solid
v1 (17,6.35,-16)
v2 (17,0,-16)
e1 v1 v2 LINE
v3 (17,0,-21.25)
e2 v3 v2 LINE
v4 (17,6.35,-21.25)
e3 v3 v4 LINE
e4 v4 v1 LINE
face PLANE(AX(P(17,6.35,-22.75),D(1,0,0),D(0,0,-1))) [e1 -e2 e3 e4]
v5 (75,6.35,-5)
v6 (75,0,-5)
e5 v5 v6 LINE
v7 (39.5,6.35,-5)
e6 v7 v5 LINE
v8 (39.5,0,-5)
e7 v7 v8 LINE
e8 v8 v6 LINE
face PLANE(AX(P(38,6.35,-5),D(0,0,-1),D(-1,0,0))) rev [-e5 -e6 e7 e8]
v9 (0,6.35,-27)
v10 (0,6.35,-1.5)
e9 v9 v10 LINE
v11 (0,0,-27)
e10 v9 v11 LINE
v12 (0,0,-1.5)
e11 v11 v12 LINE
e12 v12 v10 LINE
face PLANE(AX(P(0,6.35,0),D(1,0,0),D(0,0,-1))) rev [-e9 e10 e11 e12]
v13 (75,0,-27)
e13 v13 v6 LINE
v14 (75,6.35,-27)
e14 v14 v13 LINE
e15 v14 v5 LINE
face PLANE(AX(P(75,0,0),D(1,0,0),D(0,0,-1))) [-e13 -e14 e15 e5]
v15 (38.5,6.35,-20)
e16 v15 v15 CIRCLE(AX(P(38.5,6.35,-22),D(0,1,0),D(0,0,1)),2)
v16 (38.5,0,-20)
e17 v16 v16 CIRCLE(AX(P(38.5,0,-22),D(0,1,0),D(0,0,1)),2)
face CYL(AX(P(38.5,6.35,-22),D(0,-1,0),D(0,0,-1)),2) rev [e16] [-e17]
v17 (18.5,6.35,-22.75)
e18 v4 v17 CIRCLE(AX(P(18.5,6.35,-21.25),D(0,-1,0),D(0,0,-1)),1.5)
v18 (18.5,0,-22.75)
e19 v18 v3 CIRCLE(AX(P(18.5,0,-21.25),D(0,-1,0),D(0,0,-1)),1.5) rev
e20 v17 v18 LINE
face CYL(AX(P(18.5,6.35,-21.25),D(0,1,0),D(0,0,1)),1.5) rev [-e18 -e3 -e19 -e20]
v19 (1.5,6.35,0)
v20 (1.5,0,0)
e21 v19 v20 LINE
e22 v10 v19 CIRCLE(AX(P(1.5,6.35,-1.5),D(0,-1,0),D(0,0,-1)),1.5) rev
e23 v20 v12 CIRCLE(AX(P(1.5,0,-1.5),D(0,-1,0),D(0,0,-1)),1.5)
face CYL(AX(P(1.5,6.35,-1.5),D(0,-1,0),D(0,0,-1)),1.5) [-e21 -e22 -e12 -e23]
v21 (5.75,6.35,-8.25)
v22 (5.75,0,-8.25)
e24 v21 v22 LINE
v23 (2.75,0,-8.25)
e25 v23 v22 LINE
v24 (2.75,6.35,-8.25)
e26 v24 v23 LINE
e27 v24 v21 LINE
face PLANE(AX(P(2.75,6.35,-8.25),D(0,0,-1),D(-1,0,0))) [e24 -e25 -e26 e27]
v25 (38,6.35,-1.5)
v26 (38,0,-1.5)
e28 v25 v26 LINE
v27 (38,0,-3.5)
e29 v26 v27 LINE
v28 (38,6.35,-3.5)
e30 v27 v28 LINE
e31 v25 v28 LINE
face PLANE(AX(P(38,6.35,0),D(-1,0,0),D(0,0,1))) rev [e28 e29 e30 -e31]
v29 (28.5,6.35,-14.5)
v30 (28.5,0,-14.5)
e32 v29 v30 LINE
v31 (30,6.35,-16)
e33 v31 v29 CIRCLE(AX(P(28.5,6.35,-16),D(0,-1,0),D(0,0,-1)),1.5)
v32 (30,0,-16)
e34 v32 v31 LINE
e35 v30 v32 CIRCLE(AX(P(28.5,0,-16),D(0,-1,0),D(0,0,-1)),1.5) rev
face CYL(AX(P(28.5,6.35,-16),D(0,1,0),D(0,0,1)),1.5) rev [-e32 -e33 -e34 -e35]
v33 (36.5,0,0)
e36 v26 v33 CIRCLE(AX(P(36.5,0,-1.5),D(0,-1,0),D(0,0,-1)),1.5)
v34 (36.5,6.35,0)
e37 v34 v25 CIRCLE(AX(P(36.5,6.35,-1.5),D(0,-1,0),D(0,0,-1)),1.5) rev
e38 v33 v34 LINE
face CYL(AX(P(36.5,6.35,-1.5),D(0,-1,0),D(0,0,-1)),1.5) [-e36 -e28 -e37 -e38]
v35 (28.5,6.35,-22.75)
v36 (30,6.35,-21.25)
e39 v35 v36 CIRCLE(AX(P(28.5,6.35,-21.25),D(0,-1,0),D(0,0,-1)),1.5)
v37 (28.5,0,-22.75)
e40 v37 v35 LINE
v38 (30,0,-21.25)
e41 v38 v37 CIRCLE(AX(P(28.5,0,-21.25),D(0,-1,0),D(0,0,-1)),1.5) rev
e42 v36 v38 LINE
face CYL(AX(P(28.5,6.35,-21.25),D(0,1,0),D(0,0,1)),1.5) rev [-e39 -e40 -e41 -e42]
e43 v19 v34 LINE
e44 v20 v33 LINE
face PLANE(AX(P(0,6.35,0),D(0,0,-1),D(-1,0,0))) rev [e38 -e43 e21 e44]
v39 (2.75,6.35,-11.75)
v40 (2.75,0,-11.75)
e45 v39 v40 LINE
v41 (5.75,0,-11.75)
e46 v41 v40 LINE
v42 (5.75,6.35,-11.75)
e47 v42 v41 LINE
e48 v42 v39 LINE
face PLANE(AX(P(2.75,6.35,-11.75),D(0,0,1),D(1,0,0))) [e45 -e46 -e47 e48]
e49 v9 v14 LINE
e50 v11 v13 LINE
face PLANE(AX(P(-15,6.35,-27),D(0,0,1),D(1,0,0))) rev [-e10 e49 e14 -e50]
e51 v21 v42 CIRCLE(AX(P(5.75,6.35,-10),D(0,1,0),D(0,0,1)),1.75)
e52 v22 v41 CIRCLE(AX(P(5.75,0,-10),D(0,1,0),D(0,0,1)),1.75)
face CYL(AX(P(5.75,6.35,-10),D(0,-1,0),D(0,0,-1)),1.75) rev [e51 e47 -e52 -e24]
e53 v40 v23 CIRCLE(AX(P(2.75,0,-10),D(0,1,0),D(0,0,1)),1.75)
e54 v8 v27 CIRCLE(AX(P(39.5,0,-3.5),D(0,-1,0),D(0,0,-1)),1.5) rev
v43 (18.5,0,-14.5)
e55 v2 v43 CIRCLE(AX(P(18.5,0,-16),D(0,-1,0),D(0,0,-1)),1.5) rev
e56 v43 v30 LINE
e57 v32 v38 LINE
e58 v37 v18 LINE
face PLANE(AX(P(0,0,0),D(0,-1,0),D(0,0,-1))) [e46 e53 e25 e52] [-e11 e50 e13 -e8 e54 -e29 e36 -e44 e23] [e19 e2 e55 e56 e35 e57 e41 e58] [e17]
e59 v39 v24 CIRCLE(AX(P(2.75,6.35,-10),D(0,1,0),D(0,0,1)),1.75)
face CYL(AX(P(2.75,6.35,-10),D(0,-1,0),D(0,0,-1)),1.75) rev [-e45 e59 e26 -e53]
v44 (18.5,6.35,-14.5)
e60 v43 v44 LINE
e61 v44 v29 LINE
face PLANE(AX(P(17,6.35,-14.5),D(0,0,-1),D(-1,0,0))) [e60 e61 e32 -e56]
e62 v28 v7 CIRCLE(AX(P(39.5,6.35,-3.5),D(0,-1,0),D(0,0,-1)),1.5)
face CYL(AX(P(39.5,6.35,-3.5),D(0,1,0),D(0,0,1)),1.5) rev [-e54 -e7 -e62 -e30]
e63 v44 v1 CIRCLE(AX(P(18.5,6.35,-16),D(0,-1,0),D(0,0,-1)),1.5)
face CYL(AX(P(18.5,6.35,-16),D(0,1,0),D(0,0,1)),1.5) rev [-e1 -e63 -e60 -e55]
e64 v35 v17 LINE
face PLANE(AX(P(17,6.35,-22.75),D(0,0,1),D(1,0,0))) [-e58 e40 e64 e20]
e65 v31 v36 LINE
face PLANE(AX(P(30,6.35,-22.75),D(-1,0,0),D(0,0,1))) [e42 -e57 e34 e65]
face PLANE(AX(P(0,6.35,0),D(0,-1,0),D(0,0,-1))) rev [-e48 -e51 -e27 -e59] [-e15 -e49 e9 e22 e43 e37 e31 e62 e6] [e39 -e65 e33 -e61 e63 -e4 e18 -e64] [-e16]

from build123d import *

# Parameters (mm, degrees)
SKETCH1_R           = 2
SKETCH1_R_2         = 3
SKETCH1_W           = 13
SKETCH1_H           = 8.25
BOSS_EXTRUDE1_DEPTH = 6.35
FILLET1_R           = 1.5
SKETCH2_W           = 82.327825706
SKETCH2_H           = 14.458254131
CUT_EXTRUDE1_DEPTH  = 51
SKETCH3_W           = 51.5
SKETCH3_H           = 6.35
BOSS_EXTRUDE2_DEPTH = 25
SKETCH4_W           = 84.929028447
SKETCH4_H           = 25.885902506
CUT_EXTRUDE2_DEPTH  = 90
SKETCH5_W           = 0.1
SKETCH5_H           = 6.35
CUT_EXTRUDE3_DEPTH  = 90
SKETCH6_W           = 81.24526446
SKETCH6_H           = 21.013173112
CUT_EXTRUDE4_DEPTH  = 71


with BuildPart() as part:
    # Sketch1 → Boss-Extrude1 (new body)
    with BuildSketch(Plane(origin=(0, 0, 0), x_dir=(1, 0, 0), z_dir=(0, 1, 0))):
        Polygon((38, 0), (38, 5), (58, 5), (58, 0), (96, 0), (96, 48.5), (89, 58.5), (89, 67.5), (62, 67.5), (62, 56.5), (34, 56.5), (34, 67.5), (7, 67.5), (7, 58.5), (0, 48.5), (0, 0), align=None)
        with Locations(Location((38.5, 40, 0), (0, 0, 270))):
            Circle(SKETCH1_R, mode=Mode.SUBTRACT)
        with Locations(Location((38.5, 22, 0), (0, 0, 270))):
            Circle(SKETCH1_R, mode=Mode.SUBTRACT)
        with Locations(Location((57.5, 22, 0), (0, 0, 90))):
            Circle(SKETCH1_R, mode=Mode.SUBTRACT)
        with Locations(Location((57.5, 40, 0), (0, 0, 90))):
            Circle(SKETCH1_R, mode=Mode.SUBTRACT)
        with Locations(Location((12.5, 61.75, 0), (0, 0, 270))):
            Circle(SKETCH1_R_2, mode=Mode.SUBTRACT)
        with Locations(Location((28, 61.75, 0), (0, 0, 270))):
            Circle(SKETCH1_R_2, mode=Mode.SUBTRACT)
        with Locations(Location((68, 61.75, 0), (0, 0, 90))):
            Circle(SKETCH1_R_2, mode=Mode.SUBTRACT)
        with Locations(Location((83.5, 61.75, 0), (0, 0, 90))):
            Circle(SKETCH1_R_2, mode=Mode.SUBTRACT)
        with Locations((72.5, 18.625)):
            Rectangle(SKETCH1_W, SKETCH1_H, mode=Mode.SUBTRACT)
        with Locations((23.5, 34.875)):
            Rectangle(SKETCH1_W, SKETCH1_H, mode=Mode.SUBTRACT)
        with Locations((23.5, 18.625)):
            Rectangle(SKETCH1_W, SKETCH1_H, mode=Mode.SUBTRACT)
        with Locations((72.5, 34.875)):
            Rectangle(SKETCH1_W, SKETCH1_H, mode=Mode.SUBTRACT)
        with BuildLine():
            Line((2.75, 11.75), (5.75, 11.75))
            ThreePointArc((5.75, 11.75), (7.5, 10), (5.75, 8.25))
            Line((5.75, 8.25), (2.75, 8.25))
            ThreePointArc((2.75, 8.25), (1, 10), (2.75, 11.75))
        make_face(mode=Mode.SUBTRACT)
        with BuildLine():
            Line((93.25, 8.25), (90.25, 8.25))
            ThreePointArc((90.25, 8.25), (88.5, 10), (90.25, 11.75))
            Line((90.25, 11.75), (93.25, 11.75))
            ThreePointArc((93.25, 11.75), (95, 10), (93.25, 8.25))
        make_face(mode=Mode.SUBTRACT)
        with BuildLine():
            Line((93.25, 45.5), (90.25, 45.5))
            ThreePointArc((90.25, 45.5), (88.5, 47.25), (90.25, 49))
            Line((90.25, 49), (93.25, 49))
            ThreePointArc((93.25, 49), (95, 47.25), (93.25, 45.5))
        make_face(mode=Mode.SUBTRACT)
        with BuildLine():
            Line((2.75, 49), (5.75, 49))
            ThreePointArc((5.75, 49), (7.5, 47.25), (5.75, 45.5))
            Line((5.75, 45.5), (2.75, 45.5))
            ThreePointArc((2.75, 45.5), (1, 47.25), (2.75, 49))
        make_face(mode=Mode.SUBTRACT)
    extrude(amount=BOSS_EXTRUDE1_DEPTH)

    # Fillet1
    fillet1_edges = [part.edges().sort_by_distance(p)[0] for p in [
        (0, 3.175, -48.5),
        (7, 3.175, -58.5),
        (7, 3.175, -67.5),
        (34, 3.175, -67.5),
        (34, 3.175, -56.5),
        (62, 3.175, -56.5),
        (62, 3.175, -67.5),
        (89, 3.175, -67.5),
        (89, 3.175, -58.5),
        (96, 3.175, -48.5),
        (96, 3.175, 0),
        (58, 3.175, 0),
        (58, 3.175, -5),
        (38, 3.175, -5),
        (38, 3.175, 0),
        (0, 3.175, 0),
        (17, 3.175, -39),
        (17, 3.175, -30.75),
        (30, 3.175, -30.75),
        (30, 3.175, -39),
        (17, 3.175, -22.75),
        (17, 3.175, -14.5),
        (30, 3.175, -14.5),
        (30, 3.175, -22.75),
        (79, 3.175, -14.5),
        (79, 3.175, -22.75),
        (66, 3.175, -22.75),
        (66, 3.175, -14.5),
        (79, 3.175, -30.75),
        (79, 3.175, -39),
        (66, 3.175, -39),
        (66, 3.175, -30.75),
    ]]
    fillet(fillet1_edges, radius=FILLET1_R)

    # Sketch2 → Cut-Extrude1 (cut)
    with BuildSketch(Plane(origin=(48, 0, 0), x_dir=(0, 0, -1), z_dir=(1, 0, 0))):
        with Locations((33.293792952, 1.315835649)):
            Rectangle(SKETCH2_W, SKETCH2_H)
    extrude(amount=CUT_EXTRUDE1_DEPTH, mode=Mode.SUBTRACT)

    # Sketch3 → Boss-Extrude2 (add)
    with BuildSketch(Plane(origin=(48, 0, 0), x_dir=(0, 0, -1), z_dir=(1, 0, 0))):
        with Locations((30.75, 3.175)):
            Rectangle(SKETCH3_W, SKETCH3_H)
    extrude(amount=BOSS_EXTRUDE2_DEPTH)

    # Mirror1: part across plane


with BuildPart() as part_1:
    add(part.part)
    add(part.part.mirror(Plane(origin=(73, 0, 0), x_dir=(0, 0, 1), z_dir=(1, 0, 0))))

    # Sketch4 → Cut-Extrude2 (cut)
    with BuildSketch(Plane(origin=(75, 0, 0), x_dir=(0, 0, -1), z_dir=(1, 0, 0))):
        with Locations((34.029781947, 1.13903014)):
            Rectangle(SKETCH4_W, SKETCH4_H)
    extrude(amount=CUT_EXTRUDE2_DEPTH, mode=Mode.SUBTRACT)

    # Sketch5 → Cut-Extrude3 (cut)
    with BuildSketch(Plane(origin=(75, 0, 0), x_dir=(0, 0, -1), z_dir=(1, 0, 0))):
        with Locations((27.05, 3.175)):
            Rectangle(SKETCH5_W, SKETCH5_H)
    extrude(amount=-CUT_EXTRUDE3_DEPTH, mode=Mode.SUBTRACT)


with BuildPart() as cut_extrude3_piece_1:
    # of the separate pieces the step leaves, piece 1, a body of its own (cut_extrude3_pieces)
    add(part_1.part.solids().sort_by_distance((0, 0, -48.027166654))[0])

    # Sketch6 → Cut-Extrude4 (cut)
    with BuildSketch(Plane(origin=(0, 0, -27), x_dir=(-1, 0, 0), z_dir=(0, 0, -1))):
        with Locations((-35.926138856, 1.728749219)):
            Rectangle(SKETCH6_W, SKETCH6_H)
    extrude(amount=CUT_EXTRUDE4_DEPTH, mode=Mode.SUBTRACT)


with BuildPart() as cut_extrude3_piece_2:
    # of the separate pieces the step leaves, piece 2, a body of its own (cut_extrude3_pieces)
    add(part_1.part.solids().sort_by_distance((38, 0, -1.5))[0])


solid = cut_extrude3_piece_2.part
